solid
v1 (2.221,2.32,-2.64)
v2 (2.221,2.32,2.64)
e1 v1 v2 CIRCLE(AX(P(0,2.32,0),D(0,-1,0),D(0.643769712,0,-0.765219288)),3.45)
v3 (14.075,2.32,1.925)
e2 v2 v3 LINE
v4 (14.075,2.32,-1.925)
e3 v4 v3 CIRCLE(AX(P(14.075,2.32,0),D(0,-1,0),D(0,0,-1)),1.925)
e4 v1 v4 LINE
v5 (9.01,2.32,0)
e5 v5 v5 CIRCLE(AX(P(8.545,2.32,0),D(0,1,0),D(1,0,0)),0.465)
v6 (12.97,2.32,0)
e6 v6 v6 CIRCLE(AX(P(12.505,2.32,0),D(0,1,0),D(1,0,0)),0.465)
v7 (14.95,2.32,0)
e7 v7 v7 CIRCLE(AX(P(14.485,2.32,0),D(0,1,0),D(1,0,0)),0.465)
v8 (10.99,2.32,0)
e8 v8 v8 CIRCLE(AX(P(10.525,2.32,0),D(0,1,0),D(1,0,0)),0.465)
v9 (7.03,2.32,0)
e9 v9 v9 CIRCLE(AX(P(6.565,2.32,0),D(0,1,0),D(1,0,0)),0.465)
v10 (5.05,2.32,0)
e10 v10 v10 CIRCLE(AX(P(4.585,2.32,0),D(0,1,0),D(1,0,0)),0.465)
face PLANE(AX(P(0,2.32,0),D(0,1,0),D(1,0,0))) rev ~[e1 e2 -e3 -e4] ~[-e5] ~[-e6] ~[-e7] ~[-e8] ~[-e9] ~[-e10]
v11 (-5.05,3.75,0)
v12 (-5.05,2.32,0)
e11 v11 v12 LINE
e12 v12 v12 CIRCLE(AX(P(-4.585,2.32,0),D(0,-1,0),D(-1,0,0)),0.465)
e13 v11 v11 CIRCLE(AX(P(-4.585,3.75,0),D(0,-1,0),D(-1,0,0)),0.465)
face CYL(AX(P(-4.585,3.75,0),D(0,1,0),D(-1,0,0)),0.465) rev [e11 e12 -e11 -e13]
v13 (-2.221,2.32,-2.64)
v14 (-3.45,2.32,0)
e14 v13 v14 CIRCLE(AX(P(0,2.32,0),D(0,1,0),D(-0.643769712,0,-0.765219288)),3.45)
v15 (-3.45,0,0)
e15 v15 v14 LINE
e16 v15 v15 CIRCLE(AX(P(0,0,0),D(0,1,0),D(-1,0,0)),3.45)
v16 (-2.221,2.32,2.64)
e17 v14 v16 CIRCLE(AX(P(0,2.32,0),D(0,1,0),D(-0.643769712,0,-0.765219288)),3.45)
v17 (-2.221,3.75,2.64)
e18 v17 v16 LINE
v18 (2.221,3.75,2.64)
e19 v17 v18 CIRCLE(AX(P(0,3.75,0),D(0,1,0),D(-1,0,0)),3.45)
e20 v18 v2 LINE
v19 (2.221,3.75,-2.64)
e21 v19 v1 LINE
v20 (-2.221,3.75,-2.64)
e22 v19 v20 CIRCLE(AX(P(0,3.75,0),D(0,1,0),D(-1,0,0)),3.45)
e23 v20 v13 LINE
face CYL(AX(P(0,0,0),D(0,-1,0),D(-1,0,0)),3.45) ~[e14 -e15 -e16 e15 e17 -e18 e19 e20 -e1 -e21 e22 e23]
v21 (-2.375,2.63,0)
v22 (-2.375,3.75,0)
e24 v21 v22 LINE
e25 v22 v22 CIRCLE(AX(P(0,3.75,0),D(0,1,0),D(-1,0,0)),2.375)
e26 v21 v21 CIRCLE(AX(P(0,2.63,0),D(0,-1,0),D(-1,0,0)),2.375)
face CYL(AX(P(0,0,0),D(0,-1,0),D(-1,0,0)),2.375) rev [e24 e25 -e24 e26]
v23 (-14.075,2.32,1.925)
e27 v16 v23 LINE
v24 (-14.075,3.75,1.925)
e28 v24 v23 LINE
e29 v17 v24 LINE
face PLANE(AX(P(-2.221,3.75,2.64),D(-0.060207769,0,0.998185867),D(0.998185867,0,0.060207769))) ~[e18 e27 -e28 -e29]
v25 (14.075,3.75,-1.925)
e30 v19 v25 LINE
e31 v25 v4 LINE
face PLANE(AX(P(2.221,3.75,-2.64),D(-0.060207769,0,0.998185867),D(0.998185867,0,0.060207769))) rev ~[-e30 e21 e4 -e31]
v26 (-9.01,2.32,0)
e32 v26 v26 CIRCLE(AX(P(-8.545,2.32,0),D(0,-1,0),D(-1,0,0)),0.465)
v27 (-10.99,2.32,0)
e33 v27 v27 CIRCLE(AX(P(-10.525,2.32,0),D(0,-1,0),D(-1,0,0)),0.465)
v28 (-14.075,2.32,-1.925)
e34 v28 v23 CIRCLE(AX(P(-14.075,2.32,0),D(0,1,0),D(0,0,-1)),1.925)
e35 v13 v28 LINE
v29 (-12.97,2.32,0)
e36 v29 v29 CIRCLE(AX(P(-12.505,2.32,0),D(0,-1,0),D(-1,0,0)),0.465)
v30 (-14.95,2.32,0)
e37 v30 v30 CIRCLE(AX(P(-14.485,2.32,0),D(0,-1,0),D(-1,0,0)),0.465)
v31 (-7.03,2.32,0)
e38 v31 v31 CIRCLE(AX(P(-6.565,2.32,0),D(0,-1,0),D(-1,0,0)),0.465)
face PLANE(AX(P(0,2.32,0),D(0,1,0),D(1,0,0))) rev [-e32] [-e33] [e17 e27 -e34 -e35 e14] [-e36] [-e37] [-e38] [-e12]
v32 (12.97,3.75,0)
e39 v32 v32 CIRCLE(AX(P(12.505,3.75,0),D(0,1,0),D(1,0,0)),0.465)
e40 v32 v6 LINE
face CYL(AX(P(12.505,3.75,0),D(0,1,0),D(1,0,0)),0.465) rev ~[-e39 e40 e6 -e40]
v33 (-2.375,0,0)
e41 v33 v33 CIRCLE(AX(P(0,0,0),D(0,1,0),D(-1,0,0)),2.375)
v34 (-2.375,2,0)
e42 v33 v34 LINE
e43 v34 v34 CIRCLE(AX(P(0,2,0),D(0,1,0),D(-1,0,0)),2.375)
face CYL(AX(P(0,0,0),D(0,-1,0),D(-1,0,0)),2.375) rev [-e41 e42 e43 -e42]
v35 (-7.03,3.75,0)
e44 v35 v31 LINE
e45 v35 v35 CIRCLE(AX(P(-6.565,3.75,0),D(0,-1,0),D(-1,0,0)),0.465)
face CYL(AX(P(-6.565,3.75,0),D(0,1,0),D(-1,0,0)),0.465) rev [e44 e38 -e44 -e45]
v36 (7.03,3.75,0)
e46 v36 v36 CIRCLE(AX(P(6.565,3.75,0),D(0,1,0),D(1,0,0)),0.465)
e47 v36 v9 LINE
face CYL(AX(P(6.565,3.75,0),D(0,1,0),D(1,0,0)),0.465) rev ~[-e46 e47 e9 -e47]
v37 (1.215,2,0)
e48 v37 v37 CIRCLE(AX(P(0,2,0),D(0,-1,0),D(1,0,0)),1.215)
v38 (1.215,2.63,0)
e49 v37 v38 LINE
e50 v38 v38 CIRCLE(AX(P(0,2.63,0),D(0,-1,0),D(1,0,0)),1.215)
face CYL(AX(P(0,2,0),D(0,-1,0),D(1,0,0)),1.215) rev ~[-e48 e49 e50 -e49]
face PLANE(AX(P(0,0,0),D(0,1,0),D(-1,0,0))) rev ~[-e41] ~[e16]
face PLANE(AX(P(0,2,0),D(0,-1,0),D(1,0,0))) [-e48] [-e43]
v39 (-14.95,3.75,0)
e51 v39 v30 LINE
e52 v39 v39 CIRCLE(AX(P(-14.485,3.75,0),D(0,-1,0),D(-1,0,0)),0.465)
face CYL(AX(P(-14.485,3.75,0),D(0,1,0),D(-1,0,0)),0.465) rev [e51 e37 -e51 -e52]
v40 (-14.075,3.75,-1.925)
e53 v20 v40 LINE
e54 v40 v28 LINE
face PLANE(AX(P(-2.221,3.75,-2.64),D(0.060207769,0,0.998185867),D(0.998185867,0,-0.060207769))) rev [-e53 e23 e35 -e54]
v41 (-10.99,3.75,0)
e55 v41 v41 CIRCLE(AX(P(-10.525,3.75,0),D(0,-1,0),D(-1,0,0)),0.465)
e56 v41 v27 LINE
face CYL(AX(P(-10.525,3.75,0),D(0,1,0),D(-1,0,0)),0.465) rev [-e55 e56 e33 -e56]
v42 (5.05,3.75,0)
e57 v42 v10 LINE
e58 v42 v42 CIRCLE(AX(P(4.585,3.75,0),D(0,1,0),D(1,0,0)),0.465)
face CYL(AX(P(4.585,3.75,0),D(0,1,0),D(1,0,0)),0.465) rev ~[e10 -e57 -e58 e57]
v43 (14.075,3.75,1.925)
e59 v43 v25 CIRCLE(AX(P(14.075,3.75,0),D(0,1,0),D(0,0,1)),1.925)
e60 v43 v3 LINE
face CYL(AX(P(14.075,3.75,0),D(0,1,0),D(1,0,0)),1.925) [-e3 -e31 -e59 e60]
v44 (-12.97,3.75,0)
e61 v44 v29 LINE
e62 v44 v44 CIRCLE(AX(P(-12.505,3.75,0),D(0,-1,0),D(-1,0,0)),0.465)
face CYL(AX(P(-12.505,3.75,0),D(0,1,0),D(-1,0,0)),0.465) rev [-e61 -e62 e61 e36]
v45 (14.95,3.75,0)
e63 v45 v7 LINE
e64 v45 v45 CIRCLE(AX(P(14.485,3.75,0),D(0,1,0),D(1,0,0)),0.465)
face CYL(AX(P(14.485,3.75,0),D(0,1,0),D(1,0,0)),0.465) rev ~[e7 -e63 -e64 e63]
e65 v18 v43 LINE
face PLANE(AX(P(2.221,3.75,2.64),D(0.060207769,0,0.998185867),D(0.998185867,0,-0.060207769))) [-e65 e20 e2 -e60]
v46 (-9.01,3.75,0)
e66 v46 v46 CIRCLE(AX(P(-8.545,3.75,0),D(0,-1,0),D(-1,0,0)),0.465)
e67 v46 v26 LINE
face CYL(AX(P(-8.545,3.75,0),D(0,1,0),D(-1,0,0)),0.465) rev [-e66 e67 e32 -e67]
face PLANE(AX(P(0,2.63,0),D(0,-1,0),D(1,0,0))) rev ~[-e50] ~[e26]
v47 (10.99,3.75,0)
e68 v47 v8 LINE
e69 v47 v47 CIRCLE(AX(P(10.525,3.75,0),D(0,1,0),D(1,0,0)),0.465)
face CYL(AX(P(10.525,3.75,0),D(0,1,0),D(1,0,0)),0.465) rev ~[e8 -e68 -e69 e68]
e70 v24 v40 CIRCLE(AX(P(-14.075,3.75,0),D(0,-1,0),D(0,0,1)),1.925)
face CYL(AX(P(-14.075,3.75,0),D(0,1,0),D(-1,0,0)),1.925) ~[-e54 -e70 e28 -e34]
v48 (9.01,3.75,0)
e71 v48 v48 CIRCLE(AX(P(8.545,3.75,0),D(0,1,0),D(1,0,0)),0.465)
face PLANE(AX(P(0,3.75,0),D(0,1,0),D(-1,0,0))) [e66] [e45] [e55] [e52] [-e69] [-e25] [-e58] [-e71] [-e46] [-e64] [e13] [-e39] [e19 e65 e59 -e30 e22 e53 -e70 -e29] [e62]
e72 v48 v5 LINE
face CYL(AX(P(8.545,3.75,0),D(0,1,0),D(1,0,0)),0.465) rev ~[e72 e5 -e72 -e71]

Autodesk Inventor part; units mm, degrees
ref_plane "YZ Plane" through (0, 0, 0) normal (1, 0, 0) x (0, 1, 0)
ref_plane "XZ Plane" through (0, 0, 0) normal (0, 1, 0) x (-1, 0, 0)
sketch "Sketch1" plane through (0, 0, 0) normal (0, 1, 0) x (-1, 0, 0)
  circle A0 centre (0, 0) radius 2.375
  circle A1 centre (0, 0) radius 3.45
  dimension "d0" = 4.75
  dimension "d1" = 6.9
extrude "Extrusion1" add sketch "Sketch1" along normal blind 3.75
ref_plane "2mm deep in well" through (0, 2, 0) normal (0, -1, 0) x (1, 0, 0)
sketch "Sketch2" plane through (0, 2, 0) normal (0, -1, 0) x (1, 0, 0)
  point P0 (0, 0)
sketch "Sketch3" plane through (0, 2, 0) normal (0, -1, 0) x (1, 0, 0)
  circle A0 centre (0, 0) radius 3.45 projected
  circle A1 centre (0, 0) radius 2.375 projected
  circle A2 centre (0, 0) radius 1.215
  dimension "d5" = 2.43
extrude "Extrusion2" add sketch "Sketch3" against normal blind 0.63 contours A1
sketch "Sketch4" plane through (0, 3.75, 0) normal (0, 1, 0) x (1, 0, 0)
  line L0 (-16, 0) -> (16, 0)
  circle A0 centre (14.075, 0) radius 1.925
  circle A1 centre (0, 0) radius 3.45 projected
  circle A2 centre (0, 0) radius 2.375 projected
  line L1 (2.221, 2.64) -> (2.221, -2.64)
  line L2 (2.221, 2.64) -> (14.075, 1.925)
  line L3 (2.221, -2.64) -> (14.075, -1.925)
  dimension "d8" = 32
  dimension "d9" = 0
  dimension "d10" = 0
  dimension "d11" = 3.85
  dimension "d12" = 1.925
  dimension "d13" = 0
  dimension "d14" = 5.28
extrude "Extrusion3" add sketch "Sketch4" against normal blind 1.43 contours A1 L2 A0 L0 | L0 A0 L3 A1 | A0 L0 | L0 A0
sketch "Sketch5" plane through (0, 3.75, 0) normal (0, 1, 0) x (1, 0, 0)
  circle A0 centre (14.485, 0) radius 0.465
  arc A1 (2.221, 2.64) -> (2.221, -2.64) centre (0, 0) ccw projected
  line L0 (2.221, -2.64) -> (14.075, -1.925) projected
  arc A2 (14.075, -1.925) -> (14.075, 1.925) centre (14.075, 0) ccw projected
  line L1 (14.075, 1.925) -> (2.221, 2.64) projected
  circle A3 centre (0, 0) radius 2.375 projected
  point P0 (16, 0)
  dimension "d17" = 0.93
  dimension "d18" = 0
  dimension "d19" = 1.515
extrude "Extrusion4" cut sketch "Sketch5" against normal up to surface (1.43 mm away) contours A0
pattern_linear "Rectangular Pattern1" count 6 spacing 1.98 along (-1, 0, 0) of "Extrusion4"
mirror "Mirror1" about plane through (0, 0, 0) normal (1, 0, 0) of "Extrusion3", "Extrusion4", "Rectangular Pattern1"
properties part number "Servo Horn"
